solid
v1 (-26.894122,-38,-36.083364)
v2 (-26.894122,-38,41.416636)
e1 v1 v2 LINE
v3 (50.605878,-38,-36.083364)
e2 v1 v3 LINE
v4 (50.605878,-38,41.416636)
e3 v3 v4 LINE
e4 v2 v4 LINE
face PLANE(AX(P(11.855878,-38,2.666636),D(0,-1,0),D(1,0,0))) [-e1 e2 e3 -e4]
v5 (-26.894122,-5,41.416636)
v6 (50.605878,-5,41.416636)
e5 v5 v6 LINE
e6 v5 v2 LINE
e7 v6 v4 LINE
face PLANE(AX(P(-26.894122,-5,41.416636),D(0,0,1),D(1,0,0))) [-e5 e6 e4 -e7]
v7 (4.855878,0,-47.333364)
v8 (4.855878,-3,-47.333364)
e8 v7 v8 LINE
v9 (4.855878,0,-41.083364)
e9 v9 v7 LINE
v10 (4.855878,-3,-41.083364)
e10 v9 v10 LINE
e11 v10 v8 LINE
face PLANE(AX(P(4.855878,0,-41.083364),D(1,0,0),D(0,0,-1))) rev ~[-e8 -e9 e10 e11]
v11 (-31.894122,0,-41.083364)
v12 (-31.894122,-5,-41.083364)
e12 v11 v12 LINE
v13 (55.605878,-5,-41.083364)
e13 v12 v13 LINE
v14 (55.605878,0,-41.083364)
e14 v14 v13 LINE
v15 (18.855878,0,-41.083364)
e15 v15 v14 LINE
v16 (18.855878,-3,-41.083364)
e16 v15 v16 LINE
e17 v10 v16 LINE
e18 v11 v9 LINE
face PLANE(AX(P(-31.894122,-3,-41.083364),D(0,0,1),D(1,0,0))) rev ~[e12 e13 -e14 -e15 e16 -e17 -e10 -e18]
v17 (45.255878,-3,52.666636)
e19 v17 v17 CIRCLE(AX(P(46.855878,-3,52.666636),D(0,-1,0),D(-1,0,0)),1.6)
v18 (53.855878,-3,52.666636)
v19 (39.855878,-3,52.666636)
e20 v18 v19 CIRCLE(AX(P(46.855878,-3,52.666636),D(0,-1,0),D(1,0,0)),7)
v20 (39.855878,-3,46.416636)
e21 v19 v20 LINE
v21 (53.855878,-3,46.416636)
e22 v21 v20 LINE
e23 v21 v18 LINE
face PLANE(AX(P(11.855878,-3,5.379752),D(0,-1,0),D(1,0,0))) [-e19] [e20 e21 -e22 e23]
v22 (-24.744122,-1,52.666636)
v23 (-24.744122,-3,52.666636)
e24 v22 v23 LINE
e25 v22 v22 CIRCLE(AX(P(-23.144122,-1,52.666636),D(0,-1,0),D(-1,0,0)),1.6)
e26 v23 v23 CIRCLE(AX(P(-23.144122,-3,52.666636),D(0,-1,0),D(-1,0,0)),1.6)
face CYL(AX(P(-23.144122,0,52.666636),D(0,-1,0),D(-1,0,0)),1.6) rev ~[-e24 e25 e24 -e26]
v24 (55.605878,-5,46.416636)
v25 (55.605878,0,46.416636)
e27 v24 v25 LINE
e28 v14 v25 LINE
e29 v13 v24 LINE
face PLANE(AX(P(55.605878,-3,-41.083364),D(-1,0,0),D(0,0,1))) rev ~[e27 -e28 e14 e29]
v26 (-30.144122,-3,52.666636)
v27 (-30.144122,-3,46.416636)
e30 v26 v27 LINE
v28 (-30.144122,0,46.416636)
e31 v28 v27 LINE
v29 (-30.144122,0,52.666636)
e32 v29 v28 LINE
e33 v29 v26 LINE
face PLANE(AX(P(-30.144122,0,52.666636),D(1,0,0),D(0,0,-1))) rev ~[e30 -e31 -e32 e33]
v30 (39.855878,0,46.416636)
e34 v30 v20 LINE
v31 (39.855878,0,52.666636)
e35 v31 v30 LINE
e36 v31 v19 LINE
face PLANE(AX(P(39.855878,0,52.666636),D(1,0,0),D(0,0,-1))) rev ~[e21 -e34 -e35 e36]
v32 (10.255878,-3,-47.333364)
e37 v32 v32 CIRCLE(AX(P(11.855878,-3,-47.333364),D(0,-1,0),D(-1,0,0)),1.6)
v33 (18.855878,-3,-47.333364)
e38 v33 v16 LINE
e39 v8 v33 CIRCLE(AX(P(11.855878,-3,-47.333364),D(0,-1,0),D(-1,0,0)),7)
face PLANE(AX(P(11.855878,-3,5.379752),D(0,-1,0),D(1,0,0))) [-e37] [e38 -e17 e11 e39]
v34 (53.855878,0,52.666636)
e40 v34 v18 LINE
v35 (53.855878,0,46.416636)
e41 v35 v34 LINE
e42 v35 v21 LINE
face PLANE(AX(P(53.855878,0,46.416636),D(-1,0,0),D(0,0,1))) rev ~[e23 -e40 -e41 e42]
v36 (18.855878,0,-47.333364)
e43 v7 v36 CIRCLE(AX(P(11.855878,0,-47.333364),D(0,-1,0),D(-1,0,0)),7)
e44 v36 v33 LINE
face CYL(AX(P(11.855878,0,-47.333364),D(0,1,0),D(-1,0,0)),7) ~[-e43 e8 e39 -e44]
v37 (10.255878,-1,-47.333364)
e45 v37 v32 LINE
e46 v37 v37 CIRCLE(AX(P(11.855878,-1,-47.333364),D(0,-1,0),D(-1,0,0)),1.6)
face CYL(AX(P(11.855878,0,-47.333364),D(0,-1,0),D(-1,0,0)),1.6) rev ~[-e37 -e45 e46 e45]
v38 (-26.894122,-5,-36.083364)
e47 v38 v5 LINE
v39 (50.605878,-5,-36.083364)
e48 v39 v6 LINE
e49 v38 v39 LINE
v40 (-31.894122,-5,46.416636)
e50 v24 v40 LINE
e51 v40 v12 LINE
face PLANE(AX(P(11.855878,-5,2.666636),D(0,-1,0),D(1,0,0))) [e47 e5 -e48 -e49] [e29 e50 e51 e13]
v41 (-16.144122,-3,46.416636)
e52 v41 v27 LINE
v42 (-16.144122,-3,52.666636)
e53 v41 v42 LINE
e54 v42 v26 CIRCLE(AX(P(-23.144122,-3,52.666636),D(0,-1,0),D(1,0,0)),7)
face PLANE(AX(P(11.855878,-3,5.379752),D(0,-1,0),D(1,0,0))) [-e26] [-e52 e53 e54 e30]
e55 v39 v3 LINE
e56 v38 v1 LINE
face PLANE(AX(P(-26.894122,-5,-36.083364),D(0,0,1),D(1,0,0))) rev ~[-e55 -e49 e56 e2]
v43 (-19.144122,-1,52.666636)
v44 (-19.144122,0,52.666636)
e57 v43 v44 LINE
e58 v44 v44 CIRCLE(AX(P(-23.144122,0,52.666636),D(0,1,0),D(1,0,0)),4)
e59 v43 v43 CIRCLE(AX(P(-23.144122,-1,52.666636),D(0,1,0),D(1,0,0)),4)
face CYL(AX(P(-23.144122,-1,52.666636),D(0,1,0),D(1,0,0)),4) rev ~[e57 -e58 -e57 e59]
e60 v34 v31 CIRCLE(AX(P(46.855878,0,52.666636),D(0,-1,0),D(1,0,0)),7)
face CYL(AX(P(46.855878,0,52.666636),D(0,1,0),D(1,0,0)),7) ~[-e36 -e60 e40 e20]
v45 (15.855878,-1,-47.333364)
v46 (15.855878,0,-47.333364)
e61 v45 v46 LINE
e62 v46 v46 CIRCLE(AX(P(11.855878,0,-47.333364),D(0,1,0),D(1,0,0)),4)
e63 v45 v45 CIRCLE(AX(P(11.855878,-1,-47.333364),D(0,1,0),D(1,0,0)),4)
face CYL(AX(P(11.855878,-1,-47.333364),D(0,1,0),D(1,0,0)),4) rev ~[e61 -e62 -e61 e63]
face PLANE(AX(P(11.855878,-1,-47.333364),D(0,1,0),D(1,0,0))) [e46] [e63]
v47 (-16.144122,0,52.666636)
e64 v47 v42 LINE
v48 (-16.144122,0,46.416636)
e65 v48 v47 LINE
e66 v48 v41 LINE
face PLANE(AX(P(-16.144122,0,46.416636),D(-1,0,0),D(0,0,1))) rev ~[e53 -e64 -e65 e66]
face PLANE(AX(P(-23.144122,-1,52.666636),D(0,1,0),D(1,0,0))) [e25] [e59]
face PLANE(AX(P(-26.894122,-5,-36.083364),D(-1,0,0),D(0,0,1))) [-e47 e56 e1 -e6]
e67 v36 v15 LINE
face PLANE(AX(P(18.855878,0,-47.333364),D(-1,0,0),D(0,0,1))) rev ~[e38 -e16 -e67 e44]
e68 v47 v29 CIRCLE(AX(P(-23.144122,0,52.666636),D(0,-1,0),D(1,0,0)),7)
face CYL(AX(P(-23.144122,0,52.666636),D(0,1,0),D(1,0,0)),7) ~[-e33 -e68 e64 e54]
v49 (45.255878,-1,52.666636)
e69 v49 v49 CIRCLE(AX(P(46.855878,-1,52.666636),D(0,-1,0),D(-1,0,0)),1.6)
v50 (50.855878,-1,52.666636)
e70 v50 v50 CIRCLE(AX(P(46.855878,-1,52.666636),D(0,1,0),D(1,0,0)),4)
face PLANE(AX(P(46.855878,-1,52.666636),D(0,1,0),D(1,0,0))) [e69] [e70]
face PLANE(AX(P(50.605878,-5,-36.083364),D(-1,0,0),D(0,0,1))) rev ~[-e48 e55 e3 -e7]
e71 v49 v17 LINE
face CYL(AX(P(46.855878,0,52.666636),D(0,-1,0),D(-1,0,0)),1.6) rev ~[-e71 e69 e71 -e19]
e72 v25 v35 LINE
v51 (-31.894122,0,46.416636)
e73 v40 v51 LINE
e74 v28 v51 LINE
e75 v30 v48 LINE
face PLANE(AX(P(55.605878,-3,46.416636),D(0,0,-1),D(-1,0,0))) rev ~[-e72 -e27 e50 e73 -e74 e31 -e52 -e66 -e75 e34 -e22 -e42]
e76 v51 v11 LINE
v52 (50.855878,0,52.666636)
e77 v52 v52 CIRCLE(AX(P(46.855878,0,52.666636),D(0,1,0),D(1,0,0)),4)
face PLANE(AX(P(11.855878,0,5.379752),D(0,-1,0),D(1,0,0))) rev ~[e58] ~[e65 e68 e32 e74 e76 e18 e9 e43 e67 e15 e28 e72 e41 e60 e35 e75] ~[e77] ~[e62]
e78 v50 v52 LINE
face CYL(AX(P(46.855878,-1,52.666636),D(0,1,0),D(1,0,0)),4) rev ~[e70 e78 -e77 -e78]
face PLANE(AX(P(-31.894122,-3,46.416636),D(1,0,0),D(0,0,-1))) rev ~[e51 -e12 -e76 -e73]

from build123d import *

# Parameters (mm, degrees)
F1_DEPTH       = 3
F2_D           = 3.2
F2_CBORE_D     = 8
F2_CBORE_DEPTH = 1
F4_DEPTH       = 2
F5_W           = 77.5
F5_H           = 77.5
F6_DEPTH       = 33


with BuildPart() as f1:
    # F0 (on Front) → F1 (new body)
    with BuildSketch(Plane.XZ):
        with BuildLine():
            Line((-31.8941220641, 46.416635698), (-31.8941220641, -41.083364302))
            Line((-31.8941220641, -41.083364302), (4.8558779359, -41.083364302))
            Line((4.8558779359, -41.083364302), (4.8558779359, -47.333364302))
            ThreePointArc((4.8558779359, -47.333364302), (11.8558779359, -54.333364302), (18.8558779359, -47.333364302))
            Line((18.8558779359, -47.333364302), (18.8558779359, -41.083364302))
            Line((18.8558779359, -41.083364302), (55.6058779359, -41.083364302))
            Line((55.6058779359, -41.083364302), (55.6058779359, 46.416635698))
            Line((55.6058779359, 46.416635698), (53.8558779359, 46.416635698))
            Line((53.8558779359, 46.416635698), (53.8558779359, 52.666635698))
            ThreePointArc((53.8558779359, 52.666635698), (46.8558779359, 59.666635698), (39.8558779359, 52.666635698))
            Line((39.8558779359, 52.666635698), (39.8558779359, 46.416635698))
            Line((39.8558779359, 46.416635698), (-16.1441220641, 46.416635698))
            Line((-16.1441220641, 46.416635698), (-16.1441220641, 52.666635698))
            ThreePointArc((-16.1441220641, 52.666635698), (-23.1441220641, 59.666635698), (-30.1441220641, 52.666635698))
            Line((-30.1441220641, 52.666635698), (-30.1441220641, 46.416635698))
            Line((-30.1441220641, 46.416635698), (-31.8941220641, 46.416635698))
        make_face()
    extrude(amount=F1_DEPTH)

    # F2 (through all)
    with Locations(Plane(origin=(0, 0, 0), x_dir=(1, 0, 0), z_dir=(0, 1, 0))):
        with Locations((-23.1441220641, -52.666635698), (46.8558779359, -52.666635698), (11.8558779359, 47.333364302)):
            CounterBoreHole(F2_D / 2, F2_CBORE_D / 2, F2_CBORE_DEPTH)

    # F3 (on face) → F4 (join)
    with BuildSketch(Plane.XZ.offset(3)):
        Polygon((-30.1441220641, 46.416635698), (-31.8941220641, 46.416635698), (-31.8941220641, -41.083364302), (4.8558779359, -41.083364302), (18.8558779359, -41.083364302), (55.6058779359, -41.083364302), (55.6058779359, 46.416635698), (53.8558779359, 46.416635698), (39.8558779359, 46.416635698), (-16.1441220641, 46.416635698), align=None)
    extrude(amount=F4_DEPTH)

    # F5 (on face) → F6 (join)
    with BuildSketch(Plane.XZ.offset(5)):
        with Locations((11.8558779359, 2.666635698)):
            Rectangle(F5_W, F5_H)
    extrude(amount=F6_DEPTH)


solid = f1.part
